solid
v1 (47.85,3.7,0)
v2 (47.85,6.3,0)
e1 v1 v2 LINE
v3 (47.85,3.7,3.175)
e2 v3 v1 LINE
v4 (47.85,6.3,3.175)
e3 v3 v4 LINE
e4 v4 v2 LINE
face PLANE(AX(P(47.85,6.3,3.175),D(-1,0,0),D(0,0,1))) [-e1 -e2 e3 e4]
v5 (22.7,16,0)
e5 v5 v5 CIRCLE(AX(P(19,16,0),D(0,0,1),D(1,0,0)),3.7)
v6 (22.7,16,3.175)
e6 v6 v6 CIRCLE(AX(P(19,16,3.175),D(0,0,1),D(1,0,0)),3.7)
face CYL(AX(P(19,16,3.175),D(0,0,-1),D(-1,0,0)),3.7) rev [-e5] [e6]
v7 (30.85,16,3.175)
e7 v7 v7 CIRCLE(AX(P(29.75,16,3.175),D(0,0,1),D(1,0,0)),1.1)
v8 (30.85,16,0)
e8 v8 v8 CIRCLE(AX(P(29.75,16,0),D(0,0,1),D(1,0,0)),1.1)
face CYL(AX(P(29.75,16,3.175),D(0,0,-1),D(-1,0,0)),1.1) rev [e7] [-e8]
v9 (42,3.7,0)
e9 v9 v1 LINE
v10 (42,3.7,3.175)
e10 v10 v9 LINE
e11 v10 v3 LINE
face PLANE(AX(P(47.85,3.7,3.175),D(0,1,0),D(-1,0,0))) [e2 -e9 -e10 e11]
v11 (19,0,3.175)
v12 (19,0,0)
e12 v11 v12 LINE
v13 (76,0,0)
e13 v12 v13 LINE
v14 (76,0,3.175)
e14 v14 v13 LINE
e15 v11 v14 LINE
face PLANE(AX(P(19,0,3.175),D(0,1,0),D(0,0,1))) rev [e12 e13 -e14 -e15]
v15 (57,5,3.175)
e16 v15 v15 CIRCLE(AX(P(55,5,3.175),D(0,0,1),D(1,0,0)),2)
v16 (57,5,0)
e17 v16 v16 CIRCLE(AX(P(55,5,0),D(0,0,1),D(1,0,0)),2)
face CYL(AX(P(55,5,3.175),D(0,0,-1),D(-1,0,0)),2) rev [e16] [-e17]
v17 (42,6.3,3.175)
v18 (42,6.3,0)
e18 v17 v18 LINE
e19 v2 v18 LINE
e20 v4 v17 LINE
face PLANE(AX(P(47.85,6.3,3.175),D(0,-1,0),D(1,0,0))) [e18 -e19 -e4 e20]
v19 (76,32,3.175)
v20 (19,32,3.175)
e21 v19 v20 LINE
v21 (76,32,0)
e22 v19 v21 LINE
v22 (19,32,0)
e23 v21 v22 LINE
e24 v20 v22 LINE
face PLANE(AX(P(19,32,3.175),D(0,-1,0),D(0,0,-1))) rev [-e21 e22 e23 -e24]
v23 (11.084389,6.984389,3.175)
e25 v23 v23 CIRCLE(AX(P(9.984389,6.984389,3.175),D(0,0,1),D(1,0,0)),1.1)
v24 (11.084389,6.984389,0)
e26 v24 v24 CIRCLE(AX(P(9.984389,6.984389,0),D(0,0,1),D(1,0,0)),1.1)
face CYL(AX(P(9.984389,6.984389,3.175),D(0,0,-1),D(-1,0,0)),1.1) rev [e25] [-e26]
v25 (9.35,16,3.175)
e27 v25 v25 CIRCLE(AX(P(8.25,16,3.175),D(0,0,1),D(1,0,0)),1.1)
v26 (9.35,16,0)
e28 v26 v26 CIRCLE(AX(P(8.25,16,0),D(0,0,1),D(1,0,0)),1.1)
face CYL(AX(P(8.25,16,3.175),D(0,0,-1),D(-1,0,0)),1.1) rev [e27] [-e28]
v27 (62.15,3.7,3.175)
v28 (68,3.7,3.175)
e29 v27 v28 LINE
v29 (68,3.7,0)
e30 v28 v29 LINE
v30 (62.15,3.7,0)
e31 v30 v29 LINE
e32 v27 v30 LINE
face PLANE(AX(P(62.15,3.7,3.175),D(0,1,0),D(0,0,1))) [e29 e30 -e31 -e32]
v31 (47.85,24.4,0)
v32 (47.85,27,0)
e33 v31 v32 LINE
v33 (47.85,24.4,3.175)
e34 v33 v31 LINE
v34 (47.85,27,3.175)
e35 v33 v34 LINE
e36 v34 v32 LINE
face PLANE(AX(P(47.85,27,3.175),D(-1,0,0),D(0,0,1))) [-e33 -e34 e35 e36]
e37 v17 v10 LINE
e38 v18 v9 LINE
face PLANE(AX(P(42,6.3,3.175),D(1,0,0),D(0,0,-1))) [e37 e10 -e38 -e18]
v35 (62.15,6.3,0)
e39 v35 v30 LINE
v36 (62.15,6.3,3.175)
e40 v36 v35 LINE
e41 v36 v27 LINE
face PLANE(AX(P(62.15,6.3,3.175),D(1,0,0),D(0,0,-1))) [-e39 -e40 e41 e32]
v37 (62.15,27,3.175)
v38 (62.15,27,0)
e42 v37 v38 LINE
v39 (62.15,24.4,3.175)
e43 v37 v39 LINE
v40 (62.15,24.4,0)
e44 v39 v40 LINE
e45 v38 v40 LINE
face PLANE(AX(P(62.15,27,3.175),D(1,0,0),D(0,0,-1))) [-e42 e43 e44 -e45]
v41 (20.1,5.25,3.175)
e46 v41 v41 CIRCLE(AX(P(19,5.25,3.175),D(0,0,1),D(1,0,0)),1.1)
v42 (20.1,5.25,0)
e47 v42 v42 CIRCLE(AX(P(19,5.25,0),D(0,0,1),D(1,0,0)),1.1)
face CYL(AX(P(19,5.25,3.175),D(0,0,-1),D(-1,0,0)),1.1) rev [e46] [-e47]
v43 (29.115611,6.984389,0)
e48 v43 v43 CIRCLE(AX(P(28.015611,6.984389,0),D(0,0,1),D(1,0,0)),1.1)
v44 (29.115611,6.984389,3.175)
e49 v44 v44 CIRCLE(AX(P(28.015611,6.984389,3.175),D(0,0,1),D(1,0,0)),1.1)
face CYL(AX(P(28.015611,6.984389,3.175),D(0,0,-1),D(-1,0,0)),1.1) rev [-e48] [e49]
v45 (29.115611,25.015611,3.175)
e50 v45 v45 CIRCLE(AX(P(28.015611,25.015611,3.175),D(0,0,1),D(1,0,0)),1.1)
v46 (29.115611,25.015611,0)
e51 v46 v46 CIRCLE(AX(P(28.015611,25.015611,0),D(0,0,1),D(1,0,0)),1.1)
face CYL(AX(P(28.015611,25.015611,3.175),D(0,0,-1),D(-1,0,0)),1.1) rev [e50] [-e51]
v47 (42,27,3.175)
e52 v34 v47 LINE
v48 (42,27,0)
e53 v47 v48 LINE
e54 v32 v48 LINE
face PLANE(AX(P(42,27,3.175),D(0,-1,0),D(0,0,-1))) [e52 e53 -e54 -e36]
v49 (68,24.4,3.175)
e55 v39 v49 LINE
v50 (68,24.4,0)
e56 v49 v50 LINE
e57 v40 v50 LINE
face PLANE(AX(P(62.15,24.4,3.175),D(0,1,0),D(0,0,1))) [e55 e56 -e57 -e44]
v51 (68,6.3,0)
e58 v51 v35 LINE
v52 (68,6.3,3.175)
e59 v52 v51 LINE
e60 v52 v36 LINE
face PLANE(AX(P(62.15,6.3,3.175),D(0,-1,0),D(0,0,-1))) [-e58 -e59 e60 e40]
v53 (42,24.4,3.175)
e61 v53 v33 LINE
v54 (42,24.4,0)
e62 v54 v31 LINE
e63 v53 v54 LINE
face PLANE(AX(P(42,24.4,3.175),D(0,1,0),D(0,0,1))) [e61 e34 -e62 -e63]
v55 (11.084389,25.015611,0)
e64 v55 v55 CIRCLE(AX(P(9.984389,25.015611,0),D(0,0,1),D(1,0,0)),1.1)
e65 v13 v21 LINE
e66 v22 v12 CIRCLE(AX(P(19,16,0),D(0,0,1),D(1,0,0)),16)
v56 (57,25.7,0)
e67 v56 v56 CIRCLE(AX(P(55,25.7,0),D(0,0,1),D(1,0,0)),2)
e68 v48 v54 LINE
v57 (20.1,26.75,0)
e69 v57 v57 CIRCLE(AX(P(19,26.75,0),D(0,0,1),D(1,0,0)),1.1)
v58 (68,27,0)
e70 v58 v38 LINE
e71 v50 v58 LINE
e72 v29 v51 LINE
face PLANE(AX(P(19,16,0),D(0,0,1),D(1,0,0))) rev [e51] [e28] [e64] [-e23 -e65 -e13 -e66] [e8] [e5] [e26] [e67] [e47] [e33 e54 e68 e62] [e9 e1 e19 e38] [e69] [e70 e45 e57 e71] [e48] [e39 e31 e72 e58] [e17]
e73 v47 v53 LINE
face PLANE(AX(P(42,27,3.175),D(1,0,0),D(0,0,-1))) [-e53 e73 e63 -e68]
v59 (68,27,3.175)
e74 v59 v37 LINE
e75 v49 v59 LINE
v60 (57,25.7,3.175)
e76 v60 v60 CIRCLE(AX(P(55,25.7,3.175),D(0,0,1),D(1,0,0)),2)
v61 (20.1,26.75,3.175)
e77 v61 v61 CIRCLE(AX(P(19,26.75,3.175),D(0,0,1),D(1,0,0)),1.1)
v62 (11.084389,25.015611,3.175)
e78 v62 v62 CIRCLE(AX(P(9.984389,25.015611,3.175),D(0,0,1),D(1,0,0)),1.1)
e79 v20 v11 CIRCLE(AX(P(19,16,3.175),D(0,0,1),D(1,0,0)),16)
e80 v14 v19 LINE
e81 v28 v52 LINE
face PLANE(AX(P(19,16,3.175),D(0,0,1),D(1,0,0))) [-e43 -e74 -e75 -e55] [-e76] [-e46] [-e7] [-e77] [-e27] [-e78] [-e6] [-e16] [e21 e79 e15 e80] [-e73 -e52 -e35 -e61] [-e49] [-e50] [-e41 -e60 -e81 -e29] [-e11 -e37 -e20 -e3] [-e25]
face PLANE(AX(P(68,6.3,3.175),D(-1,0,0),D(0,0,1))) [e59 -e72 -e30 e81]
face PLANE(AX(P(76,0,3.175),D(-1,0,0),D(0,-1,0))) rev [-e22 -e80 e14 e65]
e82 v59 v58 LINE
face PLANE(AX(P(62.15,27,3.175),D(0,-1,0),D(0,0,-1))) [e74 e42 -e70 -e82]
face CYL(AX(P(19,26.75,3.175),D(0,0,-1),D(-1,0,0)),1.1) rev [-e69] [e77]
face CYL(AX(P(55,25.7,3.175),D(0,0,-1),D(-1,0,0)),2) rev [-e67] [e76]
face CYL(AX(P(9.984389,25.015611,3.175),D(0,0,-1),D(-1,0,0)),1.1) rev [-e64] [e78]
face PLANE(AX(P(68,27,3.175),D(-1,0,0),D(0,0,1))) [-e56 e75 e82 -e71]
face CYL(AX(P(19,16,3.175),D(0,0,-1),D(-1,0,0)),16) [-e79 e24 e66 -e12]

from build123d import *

# Parameters (mm, degrees)
SKETCH1_R           = 1.1
SKETCH1_R_2         = 3.7
SKETCH1_R_3         = 2
SKETCH1_W           = 5.85
SKETCH1_H           = 2.6
BOSS_EXTRUDE1_DEPTH = 3.175


with BuildPart() as part:
    # Sketch1 → Boss-Extrude1 (new body)
    with BuildSketch(Plane.XY):
        with BuildLine():
            Line((19, 0), (76, 0))
            Line((76, 0), (76, 32))
            Line((76, 32), (19, 32))
            ThreePointArc((19, 32), (3, 16), (19, 0))
        make_face()
        with Locations((8.25, 16)):
            Circle(SKETCH1_R, mode=Mode.SUBTRACT)
        with Locations((9.98438854, 25.01561146)):
            Circle(SKETCH1_R, mode=Mode.SUBTRACT)
        with Locations((28.01561146, 25.01561146)):
            Circle(SKETCH1_R, mode=Mode.SUBTRACT)
        with Locations((28.01561146, 6.98438854)):
            Circle(SKETCH1_R, mode=Mode.SUBTRACT)
        with Locations((9.98438854, 6.98438854)):
            Circle(SKETCH1_R, mode=Mode.SUBTRACT)
        with Locations((19, 26.75)):
            Circle(SKETCH1_R, mode=Mode.SUBTRACT)
        with Locations((29.75, 16)):
            Circle(SKETCH1_R, mode=Mode.SUBTRACT)
        with Locations((19, 5.25)):
            Circle(SKETCH1_R, mode=Mode.SUBTRACT)
        with Locations((19, 16)):
            Circle(SKETCH1_R_2, mode=Mode.SUBTRACT)
        with Locations((55, 5)):
            Circle(SKETCH1_R_3, mode=Mode.SUBTRACT)
        with Locations((55, 25.7)):
            Circle(SKETCH1_R_3, mode=Mode.SUBTRACT)
        with Locations((44.925, 25.7)):
            Rectangle(SKETCH1_W, SKETCH1_H, mode=Mode.SUBTRACT)
        with Locations((65.075, 25.7)):
            Rectangle(SKETCH1_W, SKETCH1_H, mode=Mode.SUBTRACT)
        with Locations((44.925, 5)):
            Rectangle(SKETCH1_W, SKETCH1_H, mode=Mode.SUBTRACT)
        with Locations((65.075, 5)):
            Rectangle(SKETCH1_W, SKETCH1_H, mode=Mode.SUBTRACT)
    extrude(amount=BOSS_EXTRUDE1_DEPTH)


solid = part.part
